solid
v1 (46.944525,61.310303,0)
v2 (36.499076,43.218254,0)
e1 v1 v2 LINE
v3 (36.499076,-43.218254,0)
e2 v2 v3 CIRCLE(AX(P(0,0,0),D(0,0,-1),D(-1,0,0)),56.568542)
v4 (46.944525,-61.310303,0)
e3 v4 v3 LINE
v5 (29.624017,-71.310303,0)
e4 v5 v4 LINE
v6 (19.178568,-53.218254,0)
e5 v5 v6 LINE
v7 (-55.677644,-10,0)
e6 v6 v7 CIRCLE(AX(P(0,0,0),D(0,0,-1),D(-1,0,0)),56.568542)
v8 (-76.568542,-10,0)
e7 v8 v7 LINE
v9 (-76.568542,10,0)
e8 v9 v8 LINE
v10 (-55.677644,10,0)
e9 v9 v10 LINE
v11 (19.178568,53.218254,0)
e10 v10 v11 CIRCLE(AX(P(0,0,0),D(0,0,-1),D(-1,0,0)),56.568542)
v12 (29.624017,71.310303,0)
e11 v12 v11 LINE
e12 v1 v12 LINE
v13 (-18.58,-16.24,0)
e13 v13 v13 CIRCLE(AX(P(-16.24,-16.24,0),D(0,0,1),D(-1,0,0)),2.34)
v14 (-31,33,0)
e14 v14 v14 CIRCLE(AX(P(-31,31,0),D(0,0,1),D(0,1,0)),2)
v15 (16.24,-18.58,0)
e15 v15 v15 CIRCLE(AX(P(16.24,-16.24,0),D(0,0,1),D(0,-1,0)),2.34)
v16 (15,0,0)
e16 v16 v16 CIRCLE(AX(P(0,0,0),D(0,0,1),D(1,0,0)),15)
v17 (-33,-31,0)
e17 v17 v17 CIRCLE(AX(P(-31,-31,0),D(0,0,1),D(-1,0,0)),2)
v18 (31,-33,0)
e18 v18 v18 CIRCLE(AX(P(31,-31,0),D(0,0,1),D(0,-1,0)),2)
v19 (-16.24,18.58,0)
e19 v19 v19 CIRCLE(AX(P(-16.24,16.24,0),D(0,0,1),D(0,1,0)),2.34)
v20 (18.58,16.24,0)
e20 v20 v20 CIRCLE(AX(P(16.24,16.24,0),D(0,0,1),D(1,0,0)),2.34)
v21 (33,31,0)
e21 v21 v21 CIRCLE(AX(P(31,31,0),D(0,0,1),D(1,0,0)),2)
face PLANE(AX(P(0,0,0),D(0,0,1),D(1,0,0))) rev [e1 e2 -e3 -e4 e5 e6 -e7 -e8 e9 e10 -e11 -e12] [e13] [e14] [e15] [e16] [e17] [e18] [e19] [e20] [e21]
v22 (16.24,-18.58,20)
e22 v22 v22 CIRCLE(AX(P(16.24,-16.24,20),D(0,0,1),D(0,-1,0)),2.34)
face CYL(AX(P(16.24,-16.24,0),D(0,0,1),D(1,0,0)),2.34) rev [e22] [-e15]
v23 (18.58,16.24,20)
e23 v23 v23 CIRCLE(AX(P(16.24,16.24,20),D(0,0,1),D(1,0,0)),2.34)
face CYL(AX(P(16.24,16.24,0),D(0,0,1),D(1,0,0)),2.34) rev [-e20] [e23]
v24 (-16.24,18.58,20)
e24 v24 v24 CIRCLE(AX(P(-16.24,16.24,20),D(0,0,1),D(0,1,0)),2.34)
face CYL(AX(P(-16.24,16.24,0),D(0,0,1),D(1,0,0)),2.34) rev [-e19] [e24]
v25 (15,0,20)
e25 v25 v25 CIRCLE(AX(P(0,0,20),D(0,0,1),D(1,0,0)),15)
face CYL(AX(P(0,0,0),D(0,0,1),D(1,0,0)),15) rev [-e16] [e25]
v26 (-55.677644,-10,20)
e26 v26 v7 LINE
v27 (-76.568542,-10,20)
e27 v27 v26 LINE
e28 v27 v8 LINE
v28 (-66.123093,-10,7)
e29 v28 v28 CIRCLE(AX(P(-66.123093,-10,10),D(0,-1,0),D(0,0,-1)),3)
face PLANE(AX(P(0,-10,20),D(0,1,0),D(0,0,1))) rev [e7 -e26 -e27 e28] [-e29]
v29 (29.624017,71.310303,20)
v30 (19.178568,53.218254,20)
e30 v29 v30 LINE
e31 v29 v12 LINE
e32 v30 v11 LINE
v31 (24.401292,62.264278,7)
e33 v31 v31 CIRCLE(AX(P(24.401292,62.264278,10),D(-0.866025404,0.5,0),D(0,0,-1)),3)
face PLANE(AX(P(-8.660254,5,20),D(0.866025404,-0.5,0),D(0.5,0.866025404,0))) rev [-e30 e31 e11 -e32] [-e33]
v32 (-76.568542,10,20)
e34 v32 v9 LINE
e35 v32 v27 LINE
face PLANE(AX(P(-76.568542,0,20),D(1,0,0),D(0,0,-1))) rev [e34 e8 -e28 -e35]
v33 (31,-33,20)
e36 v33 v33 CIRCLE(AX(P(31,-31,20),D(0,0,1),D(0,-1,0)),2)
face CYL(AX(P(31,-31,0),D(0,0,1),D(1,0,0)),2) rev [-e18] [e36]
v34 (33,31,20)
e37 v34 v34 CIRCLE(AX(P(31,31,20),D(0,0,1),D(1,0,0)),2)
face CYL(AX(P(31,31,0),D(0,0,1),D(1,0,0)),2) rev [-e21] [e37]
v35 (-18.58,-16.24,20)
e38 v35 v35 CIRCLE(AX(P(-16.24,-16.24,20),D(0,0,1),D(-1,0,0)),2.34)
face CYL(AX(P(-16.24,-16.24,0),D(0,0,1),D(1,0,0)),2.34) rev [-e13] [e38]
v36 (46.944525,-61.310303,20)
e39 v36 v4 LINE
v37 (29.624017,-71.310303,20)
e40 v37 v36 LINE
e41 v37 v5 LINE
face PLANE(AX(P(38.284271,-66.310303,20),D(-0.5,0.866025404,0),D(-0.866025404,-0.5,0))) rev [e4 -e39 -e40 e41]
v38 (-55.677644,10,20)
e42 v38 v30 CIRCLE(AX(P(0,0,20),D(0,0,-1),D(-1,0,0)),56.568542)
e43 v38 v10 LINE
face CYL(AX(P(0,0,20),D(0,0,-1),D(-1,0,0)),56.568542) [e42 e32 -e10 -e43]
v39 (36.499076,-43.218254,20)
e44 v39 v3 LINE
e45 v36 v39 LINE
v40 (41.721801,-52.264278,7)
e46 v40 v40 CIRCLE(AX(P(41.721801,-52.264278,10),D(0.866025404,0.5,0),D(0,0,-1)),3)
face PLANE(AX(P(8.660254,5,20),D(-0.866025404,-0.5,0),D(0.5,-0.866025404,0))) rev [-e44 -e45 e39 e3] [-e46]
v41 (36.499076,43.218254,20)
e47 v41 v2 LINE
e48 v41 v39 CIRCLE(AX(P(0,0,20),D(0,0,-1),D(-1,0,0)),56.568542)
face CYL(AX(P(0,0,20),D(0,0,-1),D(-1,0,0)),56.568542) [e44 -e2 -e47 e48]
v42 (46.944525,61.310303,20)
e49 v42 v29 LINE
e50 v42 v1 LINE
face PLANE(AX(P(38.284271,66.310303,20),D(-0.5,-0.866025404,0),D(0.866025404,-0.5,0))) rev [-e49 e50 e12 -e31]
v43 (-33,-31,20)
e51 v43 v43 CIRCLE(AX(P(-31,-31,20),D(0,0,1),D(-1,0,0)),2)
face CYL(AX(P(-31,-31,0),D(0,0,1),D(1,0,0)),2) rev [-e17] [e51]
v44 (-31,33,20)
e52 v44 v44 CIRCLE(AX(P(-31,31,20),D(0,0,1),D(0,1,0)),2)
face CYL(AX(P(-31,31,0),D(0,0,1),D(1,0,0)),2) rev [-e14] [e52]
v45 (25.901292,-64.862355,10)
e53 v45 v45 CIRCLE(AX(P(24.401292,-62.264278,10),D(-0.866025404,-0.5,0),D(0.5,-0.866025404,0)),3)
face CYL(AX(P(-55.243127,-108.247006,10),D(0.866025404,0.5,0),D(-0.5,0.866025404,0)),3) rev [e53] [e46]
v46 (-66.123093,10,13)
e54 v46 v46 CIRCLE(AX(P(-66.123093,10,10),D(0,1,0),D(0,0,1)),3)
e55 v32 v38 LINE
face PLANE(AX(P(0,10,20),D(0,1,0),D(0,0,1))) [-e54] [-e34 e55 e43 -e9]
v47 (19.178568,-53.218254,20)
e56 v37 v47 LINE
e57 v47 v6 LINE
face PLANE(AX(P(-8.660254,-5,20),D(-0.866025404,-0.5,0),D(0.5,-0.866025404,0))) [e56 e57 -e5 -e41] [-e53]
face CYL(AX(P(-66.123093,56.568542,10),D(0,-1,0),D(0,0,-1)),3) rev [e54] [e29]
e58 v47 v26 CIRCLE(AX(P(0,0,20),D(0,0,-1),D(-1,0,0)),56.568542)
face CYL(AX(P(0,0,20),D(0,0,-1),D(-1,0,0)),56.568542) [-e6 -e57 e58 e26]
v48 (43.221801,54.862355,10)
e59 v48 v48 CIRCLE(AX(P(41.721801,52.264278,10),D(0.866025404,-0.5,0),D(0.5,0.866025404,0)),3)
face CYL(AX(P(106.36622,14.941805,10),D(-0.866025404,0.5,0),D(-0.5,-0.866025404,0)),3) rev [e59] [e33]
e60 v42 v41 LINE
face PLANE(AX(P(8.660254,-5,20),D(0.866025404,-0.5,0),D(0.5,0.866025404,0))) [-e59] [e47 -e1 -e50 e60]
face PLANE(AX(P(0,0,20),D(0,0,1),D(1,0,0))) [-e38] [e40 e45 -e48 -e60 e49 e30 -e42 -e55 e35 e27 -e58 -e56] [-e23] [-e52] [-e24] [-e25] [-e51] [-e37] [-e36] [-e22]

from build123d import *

# Parameters (mm, degrees)
SKETCH_1_W               = 80
SKETCH_1_H               = 80
EXTRUDE_1_DEPTH          = 20
SKETCH_2_R               = 15
CUT_EXTRUDE_1_DEPTH      = 20
SKETCH_3_R               = 2
CUT_EXTRUDE_2_DEPTH      = 20
PATTERN_CIRCULAR_1_COUNT = 4
SKETCH_4_R               = 2.34
CUT_EXTRUDE_3_DEPTH      = 20
PATTERN_CIRCULAR_2_COUNT = 4
EXTRUDE_3_DEPTH          = 20
EXTRUDE_4_DEPTH          = 20
SKETCH_7_R               = 3
CUT_EXTRUDE_4_DEPTH      = 104.412342347
PATTERN_CIRCULAR_3_COUNT = 3


with BuildPart() as part:
    # 草图1 → 凸台-拉伸1 (new body)
    with BuildSketch(Plane.XY):
        Rectangle(SKETCH_1_W, SKETCH_1_H)
    extrude(amount=EXTRUDE_1_DEPTH)

    # 草图2 → 切除-拉伸1 (cut)
    with BuildSketch(Plane.XY.offset(20)):
        Circle(SKETCH_2_R)
    extrude(amount=-CUT_EXTRUDE_1_DEPTH, mode=Mode.SUBTRACT)

    # 草图3 → 切除-拉伸2 (cut)
    with BuildSketch(Plane.XY.offset(20)):
        with Locations((31, 31)):
            Circle(SKETCH_3_R)
    cut_extrude_2 = extrude(amount=-CUT_EXTRUDE_2_DEPTH, mode=Mode.SUBTRACT)

    # 阵列(圆周)1: 切除-拉伸2 ×4 about axis
    pattern_circular_1_axis = Axis((0, 0, 0), (0, 0, 1))
    for i in range(1, PATTERN_CIRCULAR_1_COUNT):
        add(cut_extrude_2.rotate(pattern_circular_1_axis, i * 360 / PATTERN_CIRCULAR_1_COUNT), mode=Mode.SUBTRACT)

    # 草图4 → 切除-拉伸3 (cut)
    with BuildSketch(Plane.XY.offset(20)):
        with Locations((16.24, 16.24)):
            Circle(SKETCH_4_R)
    cut_extrude_3 = extrude(amount=-CUT_EXTRUDE_3_DEPTH, mode=Mode.SUBTRACT)

    # 阵列(圆周)2: 切除-拉伸3 ×4 about axis
    pattern_circular_2_axis = Axis((0, 0, 0), (0, 0, 1))
    for i in range(1, PATTERN_CIRCULAR_2_COUNT):
        add(cut_extrude_3.rotate(pattern_circular_2_axis, i * 360 / PATTERN_CIRCULAR_2_COUNT), mode=Mode.SUBTRACT)

    # 草图5 → 凸台-拉伸3 (add)
    with BuildSketch(Plane(origin=(0, 0, 0), x_dir=(-1, 0, 0), z_dir=(0, 0, -1))):
        with BuildLine():
            Line((40, 40), (40, -40))
            ThreePointArc((40, -40), (52.262518595, -21.647844006), (56.568542495, 0))
            ThreePointArc((56.568542495, 0), (52.262518595, 21.647844006), (40, 40))
        make_face()
        with BuildLine():
            ThreePointArc((-40, -40), (0, -56.568542495), (40, -40))
            Line((40, -40), (-40, -40))
        make_face()
        with BuildLine():
            ThreePointArc((-40, 40), (-56.568542495, 0), (-40, -40))
            Line((-40, -40), (-40, 40))
        make_face()
        with BuildLine():
            Line((-40, 40), (40, 40))
            ThreePointArc((40, 40), (0, 56.568542495), (-40, 40))
        make_face()
    extrude(amount=-EXTRUDE_3_DEPTH)

    # 草图6 → 凸台-拉伸4 (add)
    with BuildSketch(Plane(origin=(0, 0, 0), x_dir=(-1, 0, 0), z_dir=(0, 0, -1))):
        with BuildLine():
            Line((76.568542495, 10), (55.677643628, 10))
            ThreePointArc((55.677643628, 10), (56.345377582, 5.019803303), (56.568542495, 0))
            ThreePointArc((56.568542495, 0), (56.345377582, -5.019803303), (55.677643628, -10))
            Line((55.677643628, -10), (76.568542495, -10))
            Line((76.568542495, -10), (76.568542495, 0))
            Line((76.568542495, 0), (76.568542495, 10))
        make_face()
    extrude_4 = extrude(amount=-EXTRUDE_4_DEPTH)

    # 草图7 → 切除-拉伸4 (cut, through all)
    with BuildSketch(Plane(origin=(0, -10, 0), x_dir=(-1, 0, 0), z_dir=(0, -1, 0))):
        with Locations(Location((66.123093062, -10, 0), (0, 0, 90))):
            Circle(SKETCH_7_R)
    cut_extrude_4 = extrude(amount=-CUT_EXTRUDE_4_DEPTH, mode=Mode.SUBTRACT)

    # 阵列(圆周)3: 凸台-拉伸4, 切除-拉伸4 ×3 about axis
    pattern_circular_3_axis = Axis((0, 0, 0), (0, 0, 1))
    add([extrude_4.rotate(pattern_circular_3_axis, i * 360 / PATTERN_CIRCULAR_3_COUNT) for i in range(1, PATTERN_CIRCULAR_3_COUNT)])
    add([cut_extrude_4.rotate(pattern_circular_3_axis, i * 360 / PATTERN_CIRCULAR_3_COUNT) for i in range(1, PATTERN_CIRCULAR_3_COUNT)], mode=Mode.SUBTRACT)


solid = part.part
